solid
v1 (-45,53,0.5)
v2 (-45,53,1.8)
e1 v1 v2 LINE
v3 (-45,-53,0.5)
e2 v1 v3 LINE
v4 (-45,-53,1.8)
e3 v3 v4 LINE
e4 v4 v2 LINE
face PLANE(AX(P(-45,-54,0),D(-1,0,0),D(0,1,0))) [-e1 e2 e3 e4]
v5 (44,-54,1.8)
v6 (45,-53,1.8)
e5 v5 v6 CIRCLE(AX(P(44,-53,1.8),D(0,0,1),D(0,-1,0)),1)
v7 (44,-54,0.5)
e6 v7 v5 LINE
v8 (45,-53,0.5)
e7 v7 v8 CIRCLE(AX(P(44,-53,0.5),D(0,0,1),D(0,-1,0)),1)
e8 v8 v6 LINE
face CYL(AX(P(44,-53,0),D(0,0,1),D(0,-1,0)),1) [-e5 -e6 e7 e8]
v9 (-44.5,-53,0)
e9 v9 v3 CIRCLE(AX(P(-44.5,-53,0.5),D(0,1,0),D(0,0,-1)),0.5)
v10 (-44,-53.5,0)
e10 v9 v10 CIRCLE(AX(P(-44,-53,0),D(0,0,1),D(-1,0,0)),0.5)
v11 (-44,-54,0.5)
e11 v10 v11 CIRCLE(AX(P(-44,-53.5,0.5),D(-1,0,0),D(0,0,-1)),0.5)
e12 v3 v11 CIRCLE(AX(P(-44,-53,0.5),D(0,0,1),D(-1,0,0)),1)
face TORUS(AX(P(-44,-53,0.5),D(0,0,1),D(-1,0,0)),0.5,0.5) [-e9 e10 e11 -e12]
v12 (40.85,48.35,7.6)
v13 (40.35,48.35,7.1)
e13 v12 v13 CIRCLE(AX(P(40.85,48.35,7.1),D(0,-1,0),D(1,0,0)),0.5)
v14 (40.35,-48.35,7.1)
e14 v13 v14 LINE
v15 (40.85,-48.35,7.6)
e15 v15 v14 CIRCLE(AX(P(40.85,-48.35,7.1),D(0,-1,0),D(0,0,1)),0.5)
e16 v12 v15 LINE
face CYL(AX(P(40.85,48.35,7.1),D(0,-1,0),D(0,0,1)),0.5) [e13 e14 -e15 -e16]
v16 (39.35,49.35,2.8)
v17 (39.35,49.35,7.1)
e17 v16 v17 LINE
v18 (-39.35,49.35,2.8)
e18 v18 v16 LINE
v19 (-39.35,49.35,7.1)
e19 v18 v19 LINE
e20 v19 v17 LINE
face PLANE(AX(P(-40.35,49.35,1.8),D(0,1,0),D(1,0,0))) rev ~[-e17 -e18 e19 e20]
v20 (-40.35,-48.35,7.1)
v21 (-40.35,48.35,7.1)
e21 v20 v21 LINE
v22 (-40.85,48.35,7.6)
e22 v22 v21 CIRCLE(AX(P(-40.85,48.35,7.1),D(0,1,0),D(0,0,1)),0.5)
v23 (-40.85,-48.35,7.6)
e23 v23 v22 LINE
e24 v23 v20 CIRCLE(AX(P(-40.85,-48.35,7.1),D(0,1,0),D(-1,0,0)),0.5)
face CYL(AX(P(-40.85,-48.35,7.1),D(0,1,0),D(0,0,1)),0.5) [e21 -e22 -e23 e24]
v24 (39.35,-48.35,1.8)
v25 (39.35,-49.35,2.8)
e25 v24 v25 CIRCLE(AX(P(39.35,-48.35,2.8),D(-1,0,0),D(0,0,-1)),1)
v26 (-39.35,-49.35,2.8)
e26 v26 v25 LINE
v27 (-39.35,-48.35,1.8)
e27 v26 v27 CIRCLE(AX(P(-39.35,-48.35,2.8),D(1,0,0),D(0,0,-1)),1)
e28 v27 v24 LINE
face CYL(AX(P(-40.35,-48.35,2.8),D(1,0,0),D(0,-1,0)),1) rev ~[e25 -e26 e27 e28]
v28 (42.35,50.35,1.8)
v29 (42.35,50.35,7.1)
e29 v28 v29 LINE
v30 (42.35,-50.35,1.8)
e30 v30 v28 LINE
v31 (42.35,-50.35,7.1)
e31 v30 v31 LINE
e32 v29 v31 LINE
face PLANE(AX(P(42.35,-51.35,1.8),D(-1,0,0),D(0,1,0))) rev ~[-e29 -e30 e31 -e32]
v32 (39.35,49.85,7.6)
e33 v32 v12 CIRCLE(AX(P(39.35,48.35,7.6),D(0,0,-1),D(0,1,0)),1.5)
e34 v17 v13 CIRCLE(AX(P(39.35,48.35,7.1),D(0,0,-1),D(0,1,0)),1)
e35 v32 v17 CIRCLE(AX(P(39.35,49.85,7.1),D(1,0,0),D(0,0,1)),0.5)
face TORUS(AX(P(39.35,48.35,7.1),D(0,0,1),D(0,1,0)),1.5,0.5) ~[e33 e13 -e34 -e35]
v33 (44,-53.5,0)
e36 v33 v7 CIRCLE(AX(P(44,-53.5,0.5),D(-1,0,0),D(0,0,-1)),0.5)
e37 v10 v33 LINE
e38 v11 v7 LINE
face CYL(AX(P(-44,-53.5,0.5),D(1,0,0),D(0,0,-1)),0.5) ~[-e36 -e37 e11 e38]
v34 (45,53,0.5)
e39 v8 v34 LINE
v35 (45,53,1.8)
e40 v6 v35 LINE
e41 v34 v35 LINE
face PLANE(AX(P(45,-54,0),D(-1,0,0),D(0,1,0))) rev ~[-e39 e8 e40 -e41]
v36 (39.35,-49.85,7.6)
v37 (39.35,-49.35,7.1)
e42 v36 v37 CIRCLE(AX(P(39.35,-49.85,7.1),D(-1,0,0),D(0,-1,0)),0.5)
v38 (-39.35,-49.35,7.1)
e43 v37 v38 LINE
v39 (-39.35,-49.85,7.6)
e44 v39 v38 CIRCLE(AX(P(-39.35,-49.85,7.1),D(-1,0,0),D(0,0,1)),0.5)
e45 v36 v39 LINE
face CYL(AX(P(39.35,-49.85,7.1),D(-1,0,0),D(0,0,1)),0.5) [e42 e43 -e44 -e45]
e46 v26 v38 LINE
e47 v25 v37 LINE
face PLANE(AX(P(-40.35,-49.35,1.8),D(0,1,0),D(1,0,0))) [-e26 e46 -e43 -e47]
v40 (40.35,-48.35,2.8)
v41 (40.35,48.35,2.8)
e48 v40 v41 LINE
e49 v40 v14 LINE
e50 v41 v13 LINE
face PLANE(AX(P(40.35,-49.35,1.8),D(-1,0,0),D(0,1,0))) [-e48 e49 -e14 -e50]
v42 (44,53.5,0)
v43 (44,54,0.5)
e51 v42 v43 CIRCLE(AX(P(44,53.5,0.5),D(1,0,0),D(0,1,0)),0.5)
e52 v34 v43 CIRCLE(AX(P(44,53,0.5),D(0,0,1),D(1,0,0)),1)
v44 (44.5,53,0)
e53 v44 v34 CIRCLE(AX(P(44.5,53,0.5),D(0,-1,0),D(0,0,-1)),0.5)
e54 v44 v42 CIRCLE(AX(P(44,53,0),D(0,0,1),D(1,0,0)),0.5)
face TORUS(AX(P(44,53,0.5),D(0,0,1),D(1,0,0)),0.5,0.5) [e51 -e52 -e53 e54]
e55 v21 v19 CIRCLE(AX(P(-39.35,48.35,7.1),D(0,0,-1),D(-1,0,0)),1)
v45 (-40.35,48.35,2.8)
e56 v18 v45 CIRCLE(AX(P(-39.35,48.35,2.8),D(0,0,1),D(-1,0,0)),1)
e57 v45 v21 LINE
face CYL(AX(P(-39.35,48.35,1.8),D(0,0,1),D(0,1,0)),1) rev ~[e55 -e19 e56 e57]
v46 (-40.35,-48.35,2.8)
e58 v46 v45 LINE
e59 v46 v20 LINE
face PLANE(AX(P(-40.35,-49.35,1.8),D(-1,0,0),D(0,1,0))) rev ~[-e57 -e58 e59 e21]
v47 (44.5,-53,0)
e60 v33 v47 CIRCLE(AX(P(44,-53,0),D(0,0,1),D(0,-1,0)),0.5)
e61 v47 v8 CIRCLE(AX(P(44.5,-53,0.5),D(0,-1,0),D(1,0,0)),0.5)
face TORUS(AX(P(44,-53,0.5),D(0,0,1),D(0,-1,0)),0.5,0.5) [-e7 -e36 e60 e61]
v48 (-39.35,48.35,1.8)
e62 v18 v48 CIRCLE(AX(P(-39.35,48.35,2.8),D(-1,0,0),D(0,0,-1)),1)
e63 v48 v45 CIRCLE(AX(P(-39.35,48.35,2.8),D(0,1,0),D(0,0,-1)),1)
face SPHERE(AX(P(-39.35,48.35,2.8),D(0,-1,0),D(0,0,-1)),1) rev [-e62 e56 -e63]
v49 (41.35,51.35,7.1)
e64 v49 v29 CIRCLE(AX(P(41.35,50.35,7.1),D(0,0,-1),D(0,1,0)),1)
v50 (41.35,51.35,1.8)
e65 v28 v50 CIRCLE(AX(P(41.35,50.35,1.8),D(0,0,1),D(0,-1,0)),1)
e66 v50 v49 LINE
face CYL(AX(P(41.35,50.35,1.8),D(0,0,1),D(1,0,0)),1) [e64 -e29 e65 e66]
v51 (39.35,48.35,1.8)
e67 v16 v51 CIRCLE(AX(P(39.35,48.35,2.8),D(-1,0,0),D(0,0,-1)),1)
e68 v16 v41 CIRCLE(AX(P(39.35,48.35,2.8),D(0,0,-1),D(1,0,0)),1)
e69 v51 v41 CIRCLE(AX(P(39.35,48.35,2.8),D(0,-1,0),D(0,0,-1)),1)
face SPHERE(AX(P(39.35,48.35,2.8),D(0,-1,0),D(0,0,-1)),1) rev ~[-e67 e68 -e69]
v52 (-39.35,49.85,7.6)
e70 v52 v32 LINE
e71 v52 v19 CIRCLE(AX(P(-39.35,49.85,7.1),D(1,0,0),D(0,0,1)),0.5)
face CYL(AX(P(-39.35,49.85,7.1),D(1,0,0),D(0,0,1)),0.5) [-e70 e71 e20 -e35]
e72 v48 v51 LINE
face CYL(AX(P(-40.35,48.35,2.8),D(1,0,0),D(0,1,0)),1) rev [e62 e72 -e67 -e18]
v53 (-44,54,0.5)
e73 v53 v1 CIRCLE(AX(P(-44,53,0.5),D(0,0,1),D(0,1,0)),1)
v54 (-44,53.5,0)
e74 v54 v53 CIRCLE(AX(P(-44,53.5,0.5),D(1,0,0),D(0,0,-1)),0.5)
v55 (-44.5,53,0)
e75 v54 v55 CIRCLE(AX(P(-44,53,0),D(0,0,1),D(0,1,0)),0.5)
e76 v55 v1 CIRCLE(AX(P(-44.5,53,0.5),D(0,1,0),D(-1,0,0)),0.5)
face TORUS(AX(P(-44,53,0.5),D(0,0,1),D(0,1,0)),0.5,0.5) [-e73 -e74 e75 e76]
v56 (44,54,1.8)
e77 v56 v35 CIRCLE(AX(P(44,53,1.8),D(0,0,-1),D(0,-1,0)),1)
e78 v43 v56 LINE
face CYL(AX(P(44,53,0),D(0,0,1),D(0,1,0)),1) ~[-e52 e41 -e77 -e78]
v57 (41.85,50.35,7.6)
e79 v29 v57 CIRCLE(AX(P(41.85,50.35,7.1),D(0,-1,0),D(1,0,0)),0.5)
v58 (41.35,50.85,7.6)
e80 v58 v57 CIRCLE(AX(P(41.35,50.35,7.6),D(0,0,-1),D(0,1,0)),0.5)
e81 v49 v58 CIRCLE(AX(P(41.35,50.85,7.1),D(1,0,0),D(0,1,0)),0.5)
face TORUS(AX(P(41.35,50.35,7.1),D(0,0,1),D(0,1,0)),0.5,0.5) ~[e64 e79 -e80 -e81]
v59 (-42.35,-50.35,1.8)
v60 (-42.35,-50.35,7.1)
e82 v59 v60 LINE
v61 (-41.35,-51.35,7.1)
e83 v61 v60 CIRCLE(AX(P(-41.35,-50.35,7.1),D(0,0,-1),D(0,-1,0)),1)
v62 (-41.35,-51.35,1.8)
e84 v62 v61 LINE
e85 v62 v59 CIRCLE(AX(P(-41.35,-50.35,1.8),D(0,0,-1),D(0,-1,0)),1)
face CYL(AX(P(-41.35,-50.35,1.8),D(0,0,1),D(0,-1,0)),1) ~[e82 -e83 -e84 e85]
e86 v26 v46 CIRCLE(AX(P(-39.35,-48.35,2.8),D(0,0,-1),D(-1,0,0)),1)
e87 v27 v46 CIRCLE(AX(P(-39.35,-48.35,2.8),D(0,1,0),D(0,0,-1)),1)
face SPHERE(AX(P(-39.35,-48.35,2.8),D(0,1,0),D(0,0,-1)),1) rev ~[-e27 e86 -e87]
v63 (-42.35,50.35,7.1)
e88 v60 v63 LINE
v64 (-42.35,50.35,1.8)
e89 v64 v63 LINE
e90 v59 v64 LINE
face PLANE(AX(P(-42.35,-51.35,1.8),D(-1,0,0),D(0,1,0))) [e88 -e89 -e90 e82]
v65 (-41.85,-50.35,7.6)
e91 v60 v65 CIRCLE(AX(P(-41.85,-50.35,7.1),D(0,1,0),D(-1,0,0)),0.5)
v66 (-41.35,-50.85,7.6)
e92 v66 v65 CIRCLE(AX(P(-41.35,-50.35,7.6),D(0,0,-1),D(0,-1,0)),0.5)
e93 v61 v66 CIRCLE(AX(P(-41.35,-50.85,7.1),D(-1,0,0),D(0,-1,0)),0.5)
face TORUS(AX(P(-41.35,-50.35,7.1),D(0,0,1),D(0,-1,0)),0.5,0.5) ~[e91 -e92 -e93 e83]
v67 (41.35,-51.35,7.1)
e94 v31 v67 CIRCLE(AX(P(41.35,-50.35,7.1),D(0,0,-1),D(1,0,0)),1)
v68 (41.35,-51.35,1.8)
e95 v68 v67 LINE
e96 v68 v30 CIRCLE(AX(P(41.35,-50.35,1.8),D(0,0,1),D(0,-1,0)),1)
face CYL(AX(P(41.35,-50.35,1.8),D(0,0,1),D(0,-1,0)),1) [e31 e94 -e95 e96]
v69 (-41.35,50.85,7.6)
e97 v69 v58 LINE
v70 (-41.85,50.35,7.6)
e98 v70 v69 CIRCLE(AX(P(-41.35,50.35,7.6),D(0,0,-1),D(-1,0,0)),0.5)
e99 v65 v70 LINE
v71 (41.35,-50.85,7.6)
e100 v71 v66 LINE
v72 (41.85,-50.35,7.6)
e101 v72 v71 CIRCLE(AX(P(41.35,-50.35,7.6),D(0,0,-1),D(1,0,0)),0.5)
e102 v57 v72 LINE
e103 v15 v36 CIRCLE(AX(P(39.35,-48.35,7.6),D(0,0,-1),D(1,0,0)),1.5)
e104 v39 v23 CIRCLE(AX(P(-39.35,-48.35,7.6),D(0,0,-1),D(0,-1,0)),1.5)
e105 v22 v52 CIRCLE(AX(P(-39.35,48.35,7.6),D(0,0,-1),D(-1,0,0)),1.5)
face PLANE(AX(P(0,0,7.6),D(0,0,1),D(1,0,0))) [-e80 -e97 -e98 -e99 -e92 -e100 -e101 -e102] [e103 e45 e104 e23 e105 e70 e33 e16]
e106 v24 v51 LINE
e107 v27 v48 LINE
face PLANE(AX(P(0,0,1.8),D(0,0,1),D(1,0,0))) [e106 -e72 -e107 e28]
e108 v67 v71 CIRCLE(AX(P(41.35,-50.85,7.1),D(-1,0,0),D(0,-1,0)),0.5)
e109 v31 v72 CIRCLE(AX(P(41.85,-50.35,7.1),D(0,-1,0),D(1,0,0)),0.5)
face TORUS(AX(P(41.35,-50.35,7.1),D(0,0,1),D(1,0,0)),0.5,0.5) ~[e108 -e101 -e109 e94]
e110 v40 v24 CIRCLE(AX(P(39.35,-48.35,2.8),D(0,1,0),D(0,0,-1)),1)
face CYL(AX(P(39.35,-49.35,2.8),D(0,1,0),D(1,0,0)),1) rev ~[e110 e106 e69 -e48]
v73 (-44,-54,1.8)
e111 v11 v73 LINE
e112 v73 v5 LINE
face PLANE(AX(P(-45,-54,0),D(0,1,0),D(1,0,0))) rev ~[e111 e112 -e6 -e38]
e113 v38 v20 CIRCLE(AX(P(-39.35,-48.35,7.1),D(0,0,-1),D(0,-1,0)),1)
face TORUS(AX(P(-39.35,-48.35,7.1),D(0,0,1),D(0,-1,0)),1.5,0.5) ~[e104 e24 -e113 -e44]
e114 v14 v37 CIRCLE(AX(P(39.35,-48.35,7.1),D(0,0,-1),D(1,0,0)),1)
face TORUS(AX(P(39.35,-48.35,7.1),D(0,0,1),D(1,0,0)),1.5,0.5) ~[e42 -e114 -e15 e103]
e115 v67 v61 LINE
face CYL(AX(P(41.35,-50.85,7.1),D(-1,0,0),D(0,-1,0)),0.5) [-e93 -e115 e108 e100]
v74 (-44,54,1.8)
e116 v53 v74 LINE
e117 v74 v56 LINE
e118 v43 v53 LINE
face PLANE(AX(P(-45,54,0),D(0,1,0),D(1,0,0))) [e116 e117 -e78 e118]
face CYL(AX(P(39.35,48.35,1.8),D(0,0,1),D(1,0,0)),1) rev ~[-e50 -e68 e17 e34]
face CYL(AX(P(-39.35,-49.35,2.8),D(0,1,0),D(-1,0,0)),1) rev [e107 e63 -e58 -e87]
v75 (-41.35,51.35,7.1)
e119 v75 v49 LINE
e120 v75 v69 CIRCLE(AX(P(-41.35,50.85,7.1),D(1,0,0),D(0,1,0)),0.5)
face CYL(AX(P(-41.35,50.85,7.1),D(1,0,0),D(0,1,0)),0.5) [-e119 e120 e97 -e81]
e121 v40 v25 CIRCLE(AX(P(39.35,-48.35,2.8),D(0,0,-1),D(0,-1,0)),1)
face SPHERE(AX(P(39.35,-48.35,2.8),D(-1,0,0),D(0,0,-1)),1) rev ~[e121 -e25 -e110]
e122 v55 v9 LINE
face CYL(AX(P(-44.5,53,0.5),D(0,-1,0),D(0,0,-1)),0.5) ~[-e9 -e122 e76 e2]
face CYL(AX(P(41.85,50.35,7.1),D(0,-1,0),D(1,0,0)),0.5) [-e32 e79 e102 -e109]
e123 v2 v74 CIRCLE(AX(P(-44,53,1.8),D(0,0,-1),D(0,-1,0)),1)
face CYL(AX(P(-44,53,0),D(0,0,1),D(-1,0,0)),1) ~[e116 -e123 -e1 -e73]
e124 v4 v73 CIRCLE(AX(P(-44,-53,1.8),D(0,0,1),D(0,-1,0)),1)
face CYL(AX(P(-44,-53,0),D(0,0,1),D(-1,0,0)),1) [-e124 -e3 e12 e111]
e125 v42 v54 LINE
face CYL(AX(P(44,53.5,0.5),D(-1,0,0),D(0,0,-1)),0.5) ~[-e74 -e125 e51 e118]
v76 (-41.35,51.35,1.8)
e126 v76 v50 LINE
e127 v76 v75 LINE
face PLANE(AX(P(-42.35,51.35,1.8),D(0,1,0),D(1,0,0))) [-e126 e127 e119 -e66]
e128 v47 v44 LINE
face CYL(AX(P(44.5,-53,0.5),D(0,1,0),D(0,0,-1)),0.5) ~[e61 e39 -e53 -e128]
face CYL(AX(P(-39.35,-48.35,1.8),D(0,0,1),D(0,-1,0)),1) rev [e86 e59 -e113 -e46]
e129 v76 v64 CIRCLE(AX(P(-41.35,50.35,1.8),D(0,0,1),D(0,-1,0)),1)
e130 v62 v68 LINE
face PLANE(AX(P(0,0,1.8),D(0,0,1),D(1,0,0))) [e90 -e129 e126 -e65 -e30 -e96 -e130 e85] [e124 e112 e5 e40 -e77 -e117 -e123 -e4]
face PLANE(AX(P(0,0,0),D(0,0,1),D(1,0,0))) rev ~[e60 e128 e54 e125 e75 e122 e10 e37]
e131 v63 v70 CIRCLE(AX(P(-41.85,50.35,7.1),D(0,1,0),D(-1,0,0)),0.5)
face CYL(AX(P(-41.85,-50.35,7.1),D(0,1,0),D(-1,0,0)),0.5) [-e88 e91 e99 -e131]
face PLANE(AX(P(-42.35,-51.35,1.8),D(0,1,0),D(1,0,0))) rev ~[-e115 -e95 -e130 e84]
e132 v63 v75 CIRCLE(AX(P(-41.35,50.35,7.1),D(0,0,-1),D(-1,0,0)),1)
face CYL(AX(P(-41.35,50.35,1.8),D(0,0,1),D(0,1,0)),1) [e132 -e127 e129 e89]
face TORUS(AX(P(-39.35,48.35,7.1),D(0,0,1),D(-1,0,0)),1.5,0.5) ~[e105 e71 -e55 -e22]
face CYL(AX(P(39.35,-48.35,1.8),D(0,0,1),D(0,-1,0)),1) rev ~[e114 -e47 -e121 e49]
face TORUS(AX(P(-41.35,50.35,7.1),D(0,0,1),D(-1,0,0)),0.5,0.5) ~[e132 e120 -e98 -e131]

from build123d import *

# Parameters (mm, degrees)
SKETCH1_W           = 90
SKETCH1_H           = 108
BOSS_EXTRUDE1_DEPTH = 1.8
SKETCH2_W           = 84.7
SKETCH2_H           = 102.7
SKETCH2_W_2         = 80.7
SKETCH2_H_2         = 98.7
BOSS_EXTRUDE2_DEPTH = 5.8
FILLET1_R           = 1
FILLET2_R           = 0.5


with BuildPart() as part:
    # Sketch1 → Boss-Extrude1 (new body)
    with BuildSketch(Plane.XY):
        Rectangle(SKETCH1_W, SKETCH1_H)
    extrude(amount=BOSS_EXTRUDE1_DEPTH)

    # Sketch2 → Boss-Extrude2 (add)
    with BuildSketch(Plane.XY.offset(1.8)):
        Rectangle(SKETCH2_W, SKETCH2_H)
        Rectangle(SKETCH2_W_2, SKETCH2_H_2, mode=Mode.SUBTRACT)
    extrude(amount=BOSS_EXTRUDE2_DEPTH)

    # Fillet1
    fillet1_edges = [part.edges().sort_by_distance(p)[0] for p in [
        (-40.35, 0, 1.8),
        (0, -49.35, 1.8),
        (40.35, 0, 1.8),
        (0, 49.35, 1.8),
        (-42.35, 51.35, 4.7),
        (-42.35, -51.35, 4.7),
        (42.35, -51.35, 4.7),
        (42.35, 51.35, 4.7),
        (-40.35, -49.35, 4.7),
        (40.35, -49.35, 4.7),
        (40.35, 49.35, 4.7),
        (-40.35, 49.35, 4.7),
        (45, -54, 0.9),
        (-45, -54, 0.9),
        (-45, 54, 0.9),
        (45, 54, 0.9),
    ]]
    fillet(fillet1_edges, radius=FILLET1_R)

    # Fillet2
    fillet2_edges = [part.edges().sort_by_distance(p)[0] for p in [
        (0, 49.35, 7.6),
        (40.35, 0, 7.6),
        (0, -49.35, 7.6),
        (-40.35, 0, 7.6),
        (0, -54, 0),
        (45, 0, 0),
        (-45, 0, 0),
        (0, 54, 0),
        (44.707106781, 53.707106781, 0),
        (44.707106781, -53.707106781, 0),
        (-44.707106781, 53.707106781, 0),
        (-44.707106781, -53.707106781, 0),
        (-42.35, 0, 7.6),
        (0, 51.35, 7.6),
        (0, -51.35, 7.6),
        (42.35, 0, 7.6),
        (42.057106781, 51.057106781, 7.6),
        (-42.057106781, -51.057106781, 7.6),
        (42.057106781, -51.057106781, 7.6),
        (-42.057106781, 51.057106781, 7.6),
        (40.057106781, -49.057106781, 7.6),
        (40.057106781, 49.057106781, 7.6),
        (-40.057106781, 49.057106781, 7.6),
        (-40.057106781, -49.057106781, 7.6),
    ]]
    fillet(fillet2_edges, radius=FILLET2_R)


solid = part.part
